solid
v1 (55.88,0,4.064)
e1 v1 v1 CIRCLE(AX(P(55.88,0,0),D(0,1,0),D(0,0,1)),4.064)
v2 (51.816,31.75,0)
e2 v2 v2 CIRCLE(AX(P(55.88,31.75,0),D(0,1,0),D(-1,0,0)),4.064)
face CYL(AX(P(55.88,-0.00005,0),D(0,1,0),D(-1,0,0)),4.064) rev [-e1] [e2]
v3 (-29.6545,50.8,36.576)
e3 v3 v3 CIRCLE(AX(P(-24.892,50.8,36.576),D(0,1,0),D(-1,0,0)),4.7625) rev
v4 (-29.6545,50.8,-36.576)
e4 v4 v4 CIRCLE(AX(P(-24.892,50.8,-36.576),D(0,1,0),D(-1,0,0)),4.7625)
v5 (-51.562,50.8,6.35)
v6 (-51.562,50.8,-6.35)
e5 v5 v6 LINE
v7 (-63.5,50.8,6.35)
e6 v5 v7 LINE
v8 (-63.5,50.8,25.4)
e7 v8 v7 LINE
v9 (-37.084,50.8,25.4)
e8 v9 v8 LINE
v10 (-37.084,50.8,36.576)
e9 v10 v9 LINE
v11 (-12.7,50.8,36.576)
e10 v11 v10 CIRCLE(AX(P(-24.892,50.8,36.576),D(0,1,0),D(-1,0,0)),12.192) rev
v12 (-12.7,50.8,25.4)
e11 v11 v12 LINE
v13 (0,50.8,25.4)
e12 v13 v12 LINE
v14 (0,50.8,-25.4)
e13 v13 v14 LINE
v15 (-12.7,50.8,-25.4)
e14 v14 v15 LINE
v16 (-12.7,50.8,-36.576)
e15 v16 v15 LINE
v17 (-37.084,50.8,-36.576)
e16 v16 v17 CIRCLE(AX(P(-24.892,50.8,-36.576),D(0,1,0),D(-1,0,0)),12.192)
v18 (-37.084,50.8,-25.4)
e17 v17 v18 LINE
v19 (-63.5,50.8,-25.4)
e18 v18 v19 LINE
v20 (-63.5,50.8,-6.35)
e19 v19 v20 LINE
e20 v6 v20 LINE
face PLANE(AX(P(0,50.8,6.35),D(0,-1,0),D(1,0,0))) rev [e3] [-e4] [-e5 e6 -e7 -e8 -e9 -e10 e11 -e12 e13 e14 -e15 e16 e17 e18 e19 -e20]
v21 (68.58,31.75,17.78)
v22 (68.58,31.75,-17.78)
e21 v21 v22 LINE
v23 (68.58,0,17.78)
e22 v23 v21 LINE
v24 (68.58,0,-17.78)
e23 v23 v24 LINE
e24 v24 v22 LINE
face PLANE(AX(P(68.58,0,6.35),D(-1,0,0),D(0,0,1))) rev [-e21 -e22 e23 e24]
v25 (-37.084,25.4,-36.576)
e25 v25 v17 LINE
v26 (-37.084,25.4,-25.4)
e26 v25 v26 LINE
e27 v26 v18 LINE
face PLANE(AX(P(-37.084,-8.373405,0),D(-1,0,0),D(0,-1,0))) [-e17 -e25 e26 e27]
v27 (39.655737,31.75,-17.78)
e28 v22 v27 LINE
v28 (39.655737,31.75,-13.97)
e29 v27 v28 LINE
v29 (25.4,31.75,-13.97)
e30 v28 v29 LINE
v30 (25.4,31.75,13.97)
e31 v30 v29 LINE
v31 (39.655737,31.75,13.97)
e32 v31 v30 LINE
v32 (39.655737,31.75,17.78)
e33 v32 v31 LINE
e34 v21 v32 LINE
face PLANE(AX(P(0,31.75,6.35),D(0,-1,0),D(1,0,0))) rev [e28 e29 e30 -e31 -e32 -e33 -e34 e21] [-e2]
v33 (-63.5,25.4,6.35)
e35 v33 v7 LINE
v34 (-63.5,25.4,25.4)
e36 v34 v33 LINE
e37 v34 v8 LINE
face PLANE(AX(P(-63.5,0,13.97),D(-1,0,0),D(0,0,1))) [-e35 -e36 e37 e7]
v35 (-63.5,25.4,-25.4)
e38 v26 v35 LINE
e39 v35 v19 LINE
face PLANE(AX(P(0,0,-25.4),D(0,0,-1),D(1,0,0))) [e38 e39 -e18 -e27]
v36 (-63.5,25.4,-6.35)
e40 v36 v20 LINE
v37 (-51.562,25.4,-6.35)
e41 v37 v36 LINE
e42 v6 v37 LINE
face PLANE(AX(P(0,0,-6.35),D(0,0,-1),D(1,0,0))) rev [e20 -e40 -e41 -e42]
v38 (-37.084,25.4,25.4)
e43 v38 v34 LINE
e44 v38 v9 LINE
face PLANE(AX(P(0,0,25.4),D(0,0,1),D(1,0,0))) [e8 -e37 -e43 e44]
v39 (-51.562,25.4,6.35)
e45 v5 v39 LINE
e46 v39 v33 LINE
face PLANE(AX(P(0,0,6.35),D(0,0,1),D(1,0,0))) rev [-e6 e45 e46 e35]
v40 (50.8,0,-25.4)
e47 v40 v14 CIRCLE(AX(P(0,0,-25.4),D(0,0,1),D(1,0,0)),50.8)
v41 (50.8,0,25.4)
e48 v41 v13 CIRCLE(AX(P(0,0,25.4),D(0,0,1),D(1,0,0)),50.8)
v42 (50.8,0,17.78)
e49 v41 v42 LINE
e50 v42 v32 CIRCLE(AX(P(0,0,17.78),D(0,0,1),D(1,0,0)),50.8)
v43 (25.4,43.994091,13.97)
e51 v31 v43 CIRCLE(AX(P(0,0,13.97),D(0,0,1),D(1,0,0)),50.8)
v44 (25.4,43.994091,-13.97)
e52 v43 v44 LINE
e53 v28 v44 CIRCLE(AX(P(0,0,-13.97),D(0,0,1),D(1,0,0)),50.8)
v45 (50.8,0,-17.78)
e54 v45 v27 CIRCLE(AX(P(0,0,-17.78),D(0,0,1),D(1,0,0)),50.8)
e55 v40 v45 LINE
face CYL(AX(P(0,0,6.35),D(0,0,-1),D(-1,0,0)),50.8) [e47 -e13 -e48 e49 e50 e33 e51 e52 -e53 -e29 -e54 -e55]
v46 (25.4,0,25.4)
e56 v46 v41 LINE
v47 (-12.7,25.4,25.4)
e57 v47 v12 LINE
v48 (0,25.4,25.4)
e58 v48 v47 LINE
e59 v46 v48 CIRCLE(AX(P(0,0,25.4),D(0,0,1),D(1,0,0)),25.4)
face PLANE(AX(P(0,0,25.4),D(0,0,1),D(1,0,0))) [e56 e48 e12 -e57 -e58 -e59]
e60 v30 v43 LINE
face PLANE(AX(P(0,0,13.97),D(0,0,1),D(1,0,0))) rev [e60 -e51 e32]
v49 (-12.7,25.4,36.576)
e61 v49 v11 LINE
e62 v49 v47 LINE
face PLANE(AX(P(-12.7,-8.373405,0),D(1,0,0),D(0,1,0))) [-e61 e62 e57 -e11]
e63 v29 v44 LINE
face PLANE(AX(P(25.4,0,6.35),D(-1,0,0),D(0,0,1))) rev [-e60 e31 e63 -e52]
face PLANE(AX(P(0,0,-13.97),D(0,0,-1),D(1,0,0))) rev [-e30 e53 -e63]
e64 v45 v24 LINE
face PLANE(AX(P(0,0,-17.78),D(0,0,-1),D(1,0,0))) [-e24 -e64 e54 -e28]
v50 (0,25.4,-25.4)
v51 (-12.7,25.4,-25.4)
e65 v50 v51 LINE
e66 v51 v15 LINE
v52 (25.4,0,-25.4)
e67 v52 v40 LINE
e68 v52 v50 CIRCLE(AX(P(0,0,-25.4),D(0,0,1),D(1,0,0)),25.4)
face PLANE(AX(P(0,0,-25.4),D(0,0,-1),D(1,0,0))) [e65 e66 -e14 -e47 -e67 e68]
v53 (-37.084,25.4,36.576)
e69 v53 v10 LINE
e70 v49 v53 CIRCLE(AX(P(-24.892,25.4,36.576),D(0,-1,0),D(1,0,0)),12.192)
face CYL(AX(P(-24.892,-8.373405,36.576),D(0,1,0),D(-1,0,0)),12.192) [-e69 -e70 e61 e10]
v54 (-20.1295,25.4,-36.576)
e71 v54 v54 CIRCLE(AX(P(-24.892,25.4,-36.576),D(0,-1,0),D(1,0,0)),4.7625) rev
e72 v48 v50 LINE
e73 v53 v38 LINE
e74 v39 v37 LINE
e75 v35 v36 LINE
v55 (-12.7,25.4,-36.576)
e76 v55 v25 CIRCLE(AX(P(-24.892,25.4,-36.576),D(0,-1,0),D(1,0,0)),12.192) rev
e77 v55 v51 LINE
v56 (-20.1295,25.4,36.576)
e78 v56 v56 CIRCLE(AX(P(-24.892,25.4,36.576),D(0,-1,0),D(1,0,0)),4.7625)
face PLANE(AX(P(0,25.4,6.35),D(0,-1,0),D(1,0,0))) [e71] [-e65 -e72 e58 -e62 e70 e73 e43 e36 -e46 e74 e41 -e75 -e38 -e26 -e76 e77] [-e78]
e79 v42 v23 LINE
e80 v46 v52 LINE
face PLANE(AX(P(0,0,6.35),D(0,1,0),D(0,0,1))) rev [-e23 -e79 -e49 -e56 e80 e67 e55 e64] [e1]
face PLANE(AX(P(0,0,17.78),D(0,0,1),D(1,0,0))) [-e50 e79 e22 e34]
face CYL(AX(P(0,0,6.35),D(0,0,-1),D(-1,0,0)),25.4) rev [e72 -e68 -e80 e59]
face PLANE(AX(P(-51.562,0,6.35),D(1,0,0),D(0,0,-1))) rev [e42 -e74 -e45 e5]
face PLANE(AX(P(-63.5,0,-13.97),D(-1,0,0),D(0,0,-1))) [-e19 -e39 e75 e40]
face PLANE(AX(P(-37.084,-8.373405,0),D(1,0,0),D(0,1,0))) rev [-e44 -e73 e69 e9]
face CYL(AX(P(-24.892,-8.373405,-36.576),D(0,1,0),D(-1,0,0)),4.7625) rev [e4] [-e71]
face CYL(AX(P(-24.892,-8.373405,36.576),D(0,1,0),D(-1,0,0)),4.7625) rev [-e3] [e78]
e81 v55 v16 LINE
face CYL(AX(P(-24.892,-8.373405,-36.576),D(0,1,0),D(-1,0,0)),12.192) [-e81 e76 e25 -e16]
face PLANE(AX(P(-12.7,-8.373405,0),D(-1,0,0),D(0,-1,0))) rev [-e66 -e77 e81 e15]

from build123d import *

# Parameters (mm, degrees)
BOSS_EXTRUDE1_DEPTH = 6.35
BOSS_EXTRUDE2_START = 6.35
SKETCH1_3_W         = 11.938
SKETCH1_3_H         = 19.05
SKETCH1_3_H_2       = 6.35
BOSS_EXTRUDE2_DEPTH = 7.62
BOSS_EXTRUDE3_START = 13.97
SKETCH1_7_W         = 11.938
SKETCH1_7_H         = 19.05
SKETCH1_7_H_2       = 6.35
BOSS_EXTRUDE3_DEPTH = 3.81
BOSS_EXTRUDE4_START = 17.78
SKETCH1_10_W        = 11.938
SKETCH1_10_H        = 6.35
SKETCH1_10_H_2      = 19.05
BOSS_EXTRUDE4_DEPTH = 7.62
SKETCH2_R           = 4.7625
BOSS_EXTRUDE5_DEPTH = 25.4
SKETCH3_R           = 4.064
CUT_EXTRUDE1_DEPTH  = 32.75


with BuildPart() as part:
    # Sketch1 → Boss-Extrude1 (new body)
    with BuildSketch(Plane.XY):
        with BuildLine():
            ThreePointArc((0, 25.4), (17.960512242, 17.960512242), (25.4, 0))
            Line((25.4, 0), (25.4, 31.75))
            Line((25.4, 31.75), (-51.562, 31.75))
            Line((-51.562, 31.75), (-51.562, 25.4))
            Line((-51.562, 25.4), (0, 25.4))
        make_face()
        with BuildLine():
            Line((-51.562, 31.75), (25.4, 31.75))
            Line((25.4, 31.75), (25.4, 43.994090512))
            ThreePointArc((25.4, 43.994090512), (13.148007491, 49.069031975), (0, 50.8))
            Line((0, 50.8), (-51.562, 50.8))
            Line((-51.562, 50.8), (-51.562, 31.75))
        make_face()
        with BuildLine():
            Line((25.4, 31.75), (25.4, 0))
            Line((25.4, 0), (50.8, 0))
            ThreePointArc((50.8, 0), (47.933033778, 16.824514045), (39.65573729, 31.75))
            Line((39.65573729, 31.75), (25.4, 31.75))
        make_face()
        with BuildLine():
            ThreePointArc((39.65573729, 31.75), (47.933033778, 16.824514045), (50.8, 0))
            Line((50.8, 0), (68.58, 0))
            Line((68.58, 0), (68.58, 31.75))
            Line((68.58, 31.75), (39.65573729, 31.75))
        make_face()
    boss_extrude1 = extrude(amount=BOSS_EXTRUDE1_DEPTH)

    # Sketch1<3> → Boss-Extrude2 (add)
    with BuildSketch(Plane.XY.offset(BOSS_EXTRUDE2_START)):
        with BuildLine():
            Line((-51.562, 31.75), (25.4, 31.75))
            Line((25.4, 31.75), (25.4, 43.994090512))
            ThreePointArc((25.4, 43.994090512), (13.148007491, 49.069031975), (0, 50.8))
            Line((0, 50.8), (-51.562, 50.8))
            Line((-51.562, 50.8), (-51.562, 31.75))
        make_face()
        with BuildLine():
            ThreePointArc((0, 25.4), (17.960512242, 17.960512242), (25.4, 0))
            Line((25.4, 0), (25.4, 31.75))
            Line((25.4, 31.75), (-51.562, 31.75))
            Line((-51.562, 31.75), (-51.562, 25.4))
            Line((-51.562, 25.4), (0, 25.4))
        make_face()
        with Locations((-57.531, 41.275)):
            Rectangle(SKETCH1_3_W, SKETCH1_3_H)
        with BuildLine():
            Line((25.4, 31.75), (25.4, 0))
            Line((25.4, 0), (50.8, 0))
            ThreePointArc((50.8, 0), (47.933033778, 16.824514045), (39.65573729, 31.75))
            Line((39.65573729, 31.75), (25.4, 31.75))
        make_face()
        with BuildLine():
            ThreePointArc((39.65573729, 31.75), (47.933033778, 16.824514045), (50.8, 0))
            Line((50.8, 0), (68.58, 0))
            Line((68.58, 0), (68.58, 31.75))
            Line((68.58, 31.75), (39.65573729, 31.75))
        make_face()
        with Locations((-57.531, 28.575)):
            Rectangle(SKETCH1_3_W, SKETCH1_3_H_2)
    boss_extrude2 = extrude(amount=BOSS_EXTRUDE2_DEPTH)

    # Sketch1<7> → Boss-Extrude3 (add)
    with BuildSketch(Plane.XY.offset(BOSS_EXTRUDE3_START)):
        with BuildLine():
            Line((-51.562, 31.75), (25.4, 31.75))
            Line((25.4, 31.75), (25.4, 43.994090512))
            ThreePointArc((25.4, 43.994090512), (13.148007491, 49.069031975), (0, 50.8))
            Line((0, 50.8), (-51.562, 50.8))
            Line((-51.562, 50.8), (-51.562, 31.75))
        make_face()
        with BuildLine():
            ThreePointArc((0, 25.4), (17.960512242, 17.960512242), (25.4, 0))
            Line((25.4, 0), (25.4, 31.75))
            Line((25.4, 31.75), (-51.562, 31.75))
            Line((-51.562, 31.75), (-51.562, 25.4))
            Line((-51.562, 25.4), (0, 25.4))
        make_face()
        with BuildLine():
            Line((25.4, 31.75), (25.4, 0))
            Line((25.4, 0), (50.8, 0))
            ThreePointArc((50.8, 0), (47.933033778, 16.824514045), (39.65573729, 31.75))
            Line((39.65573729, 31.75), (25.4, 31.75))
        make_face()
        with BuildLine():
            Line((25.4, 43.994090512), (25.4, 31.75))
            Line((25.4, 31.75), (39.65573729, 31.75))
            ThreePointArc((39.65573729, 31.75), (33.09896791, 38.536973458), (25.4, 43.994090512))
        make_face()
        with Locations((-57.531, 41.275)):
            Rectangle(SKETCH1_7_W, SKETCH1_7_H)
        with Locations((-57.531, 28.575)):
            Rectangle(SKETCH1_7_W, SKETCH1_7_H_2)
        with BuildLine():
            ThreePointArc((39.65573729, 31.75), (47.933033778, 16.824514045), (50.8, 0))
            Line((50.8, 0), (68.58, 0))
            Line((68.58, 0), (68.58, 31.75))
            Line((68.58, 31.75), (39.65573729, 31.75))
        make_face()
    boss_extrude3 = extrude(amount=BOSS_EXTRUDE3_DEPTH)

    # Sketch1<10> → Boss-Extrude4 (add)
    with BuildSketch(Plane.XY.offset(BOSS_EXTRUDE4_START)):
        with BuildLine():
            Line((-51.562, 31.75), (25.4, 31.75))
            Line((25.4, 31.75), (25.4, 43.994090512))
            ThreePointArc((25.4, 43.994090512), (13.148007491, 49.069031975), (0, 50.8))
            Line((0, 50.8), (-51.562, 50.8))
            Line((-51.562, 50.8), (-51.562, 31.75))
        make_face()
        with BuildLine():
            ThreePointArc((0, 25.4), (17.960512242, 17.960512242), (25.4, 0))
            Line((25.4, 0), (25.4, 31.75))
            Line((25.4, 31.75), (-51.562, 31.75))
            Line((-51.562, 31.75), (-51.562, 25.4))
            Line((-51.562, 25.4), (0, 25.4))
        make_face()
        with Locations((-57.531, 28.575)):
            Rectangle(SKETCH1_10_W, SKETCH1_10_H)
        with Locations((-57.531, 41.275)):
            Rectangle(SKETCH1_10_W, SKETCH1_10_H_2)
        with BuildLine():
            Line((25.4, 43.994090512), (25.4, 31.75))
            Line((25.4, 31.75), (39.65573729, 31.75))
            ThreePointArc((39.65573729, 31.75), (33.09896791, 38.536973458), (25.4, 43.994090512))
        make_face()
        with BuildLine():
            Line((25.4, 31.75), (25.4, 0))
            Line((25.4, 0), (50.8, 0))
            ThreePointArc((50.8, 0), (47.933033778, 16.824514045), (39.65573729, 31.75))
            Line((39.65573729, 31.75), (25.4, 31.75))
        make_face()
    boss_extrude4 = extrude(amount=BOSS_EXTRUDE4_DEPTH)

    # Mirror7: Boss-Extrude1, Boss-Extrude2, Boss-Extrude3, Boss-Extrude4 across plane
    add(boss_extrude1.mirror(Plane.XY))
    add(boss_extrude2.mirror(Plane.XY))
    add(boss_extrude3.mirror(Plane.XY))
    add(boss_extrude4.mirror(Plane.XY))

    # Sketch2 → Boss-Extrude5 (add)
    with BuildSketch(Plane(origin=(0, 50.8, 0), x_dir=(1, 0, 0), z_dir=(0, 1, 0))):
        with BuildLine():
            Line((-12.7, 25.4), (-12.7, 36.576))
            ThreePointArc((-12.7, 36.576), (-24.892, 48.768), (-37.084, 36.576))
            Line((-37.084, 36.576), (-37.084, 25.4))
            Line((-37.084, 25.4), (-12.7, 25.4))
        make_face()
        with Locations((-24.892, 36.576)):
            Circle(SKETCH2_R, mode=Mode.SUBTRACT)
        with BuildLine():
            Line((-37.084, -25.4), (-37.084, -36.576))
            ThreePointArc((-37.084, -36.576), (-24.892, -48.768), (-12.7, -36.576))
            Line((-12.7, -36.576), (-12.7, -25.4))
            Line((-12.7, -25.4), (-37.084, -25.4))
        make_face()
        with Locations((-24.892, -36.576)):
            Circle(SKETCH2_R, mode=Mode.SUBTRACT)
    extrude(amount=-BOSS_EXTRUDE5_DEPTH)

    # Sketch3 → Cut-Extrude1 (cut, through all)
    with BuildSketch(Plane(origin=(0, 31.75, 0), x_dir=(1, 0, 0), z_dir=(0, 1, 0))):
        with Locations((55.88, 0)):
            Circle(SKETCH3_R)
    extrude(amount=-CUT_EXTRUDE1_DEPTH, mode=Mode.SUBTRACT)


solid = part.part
